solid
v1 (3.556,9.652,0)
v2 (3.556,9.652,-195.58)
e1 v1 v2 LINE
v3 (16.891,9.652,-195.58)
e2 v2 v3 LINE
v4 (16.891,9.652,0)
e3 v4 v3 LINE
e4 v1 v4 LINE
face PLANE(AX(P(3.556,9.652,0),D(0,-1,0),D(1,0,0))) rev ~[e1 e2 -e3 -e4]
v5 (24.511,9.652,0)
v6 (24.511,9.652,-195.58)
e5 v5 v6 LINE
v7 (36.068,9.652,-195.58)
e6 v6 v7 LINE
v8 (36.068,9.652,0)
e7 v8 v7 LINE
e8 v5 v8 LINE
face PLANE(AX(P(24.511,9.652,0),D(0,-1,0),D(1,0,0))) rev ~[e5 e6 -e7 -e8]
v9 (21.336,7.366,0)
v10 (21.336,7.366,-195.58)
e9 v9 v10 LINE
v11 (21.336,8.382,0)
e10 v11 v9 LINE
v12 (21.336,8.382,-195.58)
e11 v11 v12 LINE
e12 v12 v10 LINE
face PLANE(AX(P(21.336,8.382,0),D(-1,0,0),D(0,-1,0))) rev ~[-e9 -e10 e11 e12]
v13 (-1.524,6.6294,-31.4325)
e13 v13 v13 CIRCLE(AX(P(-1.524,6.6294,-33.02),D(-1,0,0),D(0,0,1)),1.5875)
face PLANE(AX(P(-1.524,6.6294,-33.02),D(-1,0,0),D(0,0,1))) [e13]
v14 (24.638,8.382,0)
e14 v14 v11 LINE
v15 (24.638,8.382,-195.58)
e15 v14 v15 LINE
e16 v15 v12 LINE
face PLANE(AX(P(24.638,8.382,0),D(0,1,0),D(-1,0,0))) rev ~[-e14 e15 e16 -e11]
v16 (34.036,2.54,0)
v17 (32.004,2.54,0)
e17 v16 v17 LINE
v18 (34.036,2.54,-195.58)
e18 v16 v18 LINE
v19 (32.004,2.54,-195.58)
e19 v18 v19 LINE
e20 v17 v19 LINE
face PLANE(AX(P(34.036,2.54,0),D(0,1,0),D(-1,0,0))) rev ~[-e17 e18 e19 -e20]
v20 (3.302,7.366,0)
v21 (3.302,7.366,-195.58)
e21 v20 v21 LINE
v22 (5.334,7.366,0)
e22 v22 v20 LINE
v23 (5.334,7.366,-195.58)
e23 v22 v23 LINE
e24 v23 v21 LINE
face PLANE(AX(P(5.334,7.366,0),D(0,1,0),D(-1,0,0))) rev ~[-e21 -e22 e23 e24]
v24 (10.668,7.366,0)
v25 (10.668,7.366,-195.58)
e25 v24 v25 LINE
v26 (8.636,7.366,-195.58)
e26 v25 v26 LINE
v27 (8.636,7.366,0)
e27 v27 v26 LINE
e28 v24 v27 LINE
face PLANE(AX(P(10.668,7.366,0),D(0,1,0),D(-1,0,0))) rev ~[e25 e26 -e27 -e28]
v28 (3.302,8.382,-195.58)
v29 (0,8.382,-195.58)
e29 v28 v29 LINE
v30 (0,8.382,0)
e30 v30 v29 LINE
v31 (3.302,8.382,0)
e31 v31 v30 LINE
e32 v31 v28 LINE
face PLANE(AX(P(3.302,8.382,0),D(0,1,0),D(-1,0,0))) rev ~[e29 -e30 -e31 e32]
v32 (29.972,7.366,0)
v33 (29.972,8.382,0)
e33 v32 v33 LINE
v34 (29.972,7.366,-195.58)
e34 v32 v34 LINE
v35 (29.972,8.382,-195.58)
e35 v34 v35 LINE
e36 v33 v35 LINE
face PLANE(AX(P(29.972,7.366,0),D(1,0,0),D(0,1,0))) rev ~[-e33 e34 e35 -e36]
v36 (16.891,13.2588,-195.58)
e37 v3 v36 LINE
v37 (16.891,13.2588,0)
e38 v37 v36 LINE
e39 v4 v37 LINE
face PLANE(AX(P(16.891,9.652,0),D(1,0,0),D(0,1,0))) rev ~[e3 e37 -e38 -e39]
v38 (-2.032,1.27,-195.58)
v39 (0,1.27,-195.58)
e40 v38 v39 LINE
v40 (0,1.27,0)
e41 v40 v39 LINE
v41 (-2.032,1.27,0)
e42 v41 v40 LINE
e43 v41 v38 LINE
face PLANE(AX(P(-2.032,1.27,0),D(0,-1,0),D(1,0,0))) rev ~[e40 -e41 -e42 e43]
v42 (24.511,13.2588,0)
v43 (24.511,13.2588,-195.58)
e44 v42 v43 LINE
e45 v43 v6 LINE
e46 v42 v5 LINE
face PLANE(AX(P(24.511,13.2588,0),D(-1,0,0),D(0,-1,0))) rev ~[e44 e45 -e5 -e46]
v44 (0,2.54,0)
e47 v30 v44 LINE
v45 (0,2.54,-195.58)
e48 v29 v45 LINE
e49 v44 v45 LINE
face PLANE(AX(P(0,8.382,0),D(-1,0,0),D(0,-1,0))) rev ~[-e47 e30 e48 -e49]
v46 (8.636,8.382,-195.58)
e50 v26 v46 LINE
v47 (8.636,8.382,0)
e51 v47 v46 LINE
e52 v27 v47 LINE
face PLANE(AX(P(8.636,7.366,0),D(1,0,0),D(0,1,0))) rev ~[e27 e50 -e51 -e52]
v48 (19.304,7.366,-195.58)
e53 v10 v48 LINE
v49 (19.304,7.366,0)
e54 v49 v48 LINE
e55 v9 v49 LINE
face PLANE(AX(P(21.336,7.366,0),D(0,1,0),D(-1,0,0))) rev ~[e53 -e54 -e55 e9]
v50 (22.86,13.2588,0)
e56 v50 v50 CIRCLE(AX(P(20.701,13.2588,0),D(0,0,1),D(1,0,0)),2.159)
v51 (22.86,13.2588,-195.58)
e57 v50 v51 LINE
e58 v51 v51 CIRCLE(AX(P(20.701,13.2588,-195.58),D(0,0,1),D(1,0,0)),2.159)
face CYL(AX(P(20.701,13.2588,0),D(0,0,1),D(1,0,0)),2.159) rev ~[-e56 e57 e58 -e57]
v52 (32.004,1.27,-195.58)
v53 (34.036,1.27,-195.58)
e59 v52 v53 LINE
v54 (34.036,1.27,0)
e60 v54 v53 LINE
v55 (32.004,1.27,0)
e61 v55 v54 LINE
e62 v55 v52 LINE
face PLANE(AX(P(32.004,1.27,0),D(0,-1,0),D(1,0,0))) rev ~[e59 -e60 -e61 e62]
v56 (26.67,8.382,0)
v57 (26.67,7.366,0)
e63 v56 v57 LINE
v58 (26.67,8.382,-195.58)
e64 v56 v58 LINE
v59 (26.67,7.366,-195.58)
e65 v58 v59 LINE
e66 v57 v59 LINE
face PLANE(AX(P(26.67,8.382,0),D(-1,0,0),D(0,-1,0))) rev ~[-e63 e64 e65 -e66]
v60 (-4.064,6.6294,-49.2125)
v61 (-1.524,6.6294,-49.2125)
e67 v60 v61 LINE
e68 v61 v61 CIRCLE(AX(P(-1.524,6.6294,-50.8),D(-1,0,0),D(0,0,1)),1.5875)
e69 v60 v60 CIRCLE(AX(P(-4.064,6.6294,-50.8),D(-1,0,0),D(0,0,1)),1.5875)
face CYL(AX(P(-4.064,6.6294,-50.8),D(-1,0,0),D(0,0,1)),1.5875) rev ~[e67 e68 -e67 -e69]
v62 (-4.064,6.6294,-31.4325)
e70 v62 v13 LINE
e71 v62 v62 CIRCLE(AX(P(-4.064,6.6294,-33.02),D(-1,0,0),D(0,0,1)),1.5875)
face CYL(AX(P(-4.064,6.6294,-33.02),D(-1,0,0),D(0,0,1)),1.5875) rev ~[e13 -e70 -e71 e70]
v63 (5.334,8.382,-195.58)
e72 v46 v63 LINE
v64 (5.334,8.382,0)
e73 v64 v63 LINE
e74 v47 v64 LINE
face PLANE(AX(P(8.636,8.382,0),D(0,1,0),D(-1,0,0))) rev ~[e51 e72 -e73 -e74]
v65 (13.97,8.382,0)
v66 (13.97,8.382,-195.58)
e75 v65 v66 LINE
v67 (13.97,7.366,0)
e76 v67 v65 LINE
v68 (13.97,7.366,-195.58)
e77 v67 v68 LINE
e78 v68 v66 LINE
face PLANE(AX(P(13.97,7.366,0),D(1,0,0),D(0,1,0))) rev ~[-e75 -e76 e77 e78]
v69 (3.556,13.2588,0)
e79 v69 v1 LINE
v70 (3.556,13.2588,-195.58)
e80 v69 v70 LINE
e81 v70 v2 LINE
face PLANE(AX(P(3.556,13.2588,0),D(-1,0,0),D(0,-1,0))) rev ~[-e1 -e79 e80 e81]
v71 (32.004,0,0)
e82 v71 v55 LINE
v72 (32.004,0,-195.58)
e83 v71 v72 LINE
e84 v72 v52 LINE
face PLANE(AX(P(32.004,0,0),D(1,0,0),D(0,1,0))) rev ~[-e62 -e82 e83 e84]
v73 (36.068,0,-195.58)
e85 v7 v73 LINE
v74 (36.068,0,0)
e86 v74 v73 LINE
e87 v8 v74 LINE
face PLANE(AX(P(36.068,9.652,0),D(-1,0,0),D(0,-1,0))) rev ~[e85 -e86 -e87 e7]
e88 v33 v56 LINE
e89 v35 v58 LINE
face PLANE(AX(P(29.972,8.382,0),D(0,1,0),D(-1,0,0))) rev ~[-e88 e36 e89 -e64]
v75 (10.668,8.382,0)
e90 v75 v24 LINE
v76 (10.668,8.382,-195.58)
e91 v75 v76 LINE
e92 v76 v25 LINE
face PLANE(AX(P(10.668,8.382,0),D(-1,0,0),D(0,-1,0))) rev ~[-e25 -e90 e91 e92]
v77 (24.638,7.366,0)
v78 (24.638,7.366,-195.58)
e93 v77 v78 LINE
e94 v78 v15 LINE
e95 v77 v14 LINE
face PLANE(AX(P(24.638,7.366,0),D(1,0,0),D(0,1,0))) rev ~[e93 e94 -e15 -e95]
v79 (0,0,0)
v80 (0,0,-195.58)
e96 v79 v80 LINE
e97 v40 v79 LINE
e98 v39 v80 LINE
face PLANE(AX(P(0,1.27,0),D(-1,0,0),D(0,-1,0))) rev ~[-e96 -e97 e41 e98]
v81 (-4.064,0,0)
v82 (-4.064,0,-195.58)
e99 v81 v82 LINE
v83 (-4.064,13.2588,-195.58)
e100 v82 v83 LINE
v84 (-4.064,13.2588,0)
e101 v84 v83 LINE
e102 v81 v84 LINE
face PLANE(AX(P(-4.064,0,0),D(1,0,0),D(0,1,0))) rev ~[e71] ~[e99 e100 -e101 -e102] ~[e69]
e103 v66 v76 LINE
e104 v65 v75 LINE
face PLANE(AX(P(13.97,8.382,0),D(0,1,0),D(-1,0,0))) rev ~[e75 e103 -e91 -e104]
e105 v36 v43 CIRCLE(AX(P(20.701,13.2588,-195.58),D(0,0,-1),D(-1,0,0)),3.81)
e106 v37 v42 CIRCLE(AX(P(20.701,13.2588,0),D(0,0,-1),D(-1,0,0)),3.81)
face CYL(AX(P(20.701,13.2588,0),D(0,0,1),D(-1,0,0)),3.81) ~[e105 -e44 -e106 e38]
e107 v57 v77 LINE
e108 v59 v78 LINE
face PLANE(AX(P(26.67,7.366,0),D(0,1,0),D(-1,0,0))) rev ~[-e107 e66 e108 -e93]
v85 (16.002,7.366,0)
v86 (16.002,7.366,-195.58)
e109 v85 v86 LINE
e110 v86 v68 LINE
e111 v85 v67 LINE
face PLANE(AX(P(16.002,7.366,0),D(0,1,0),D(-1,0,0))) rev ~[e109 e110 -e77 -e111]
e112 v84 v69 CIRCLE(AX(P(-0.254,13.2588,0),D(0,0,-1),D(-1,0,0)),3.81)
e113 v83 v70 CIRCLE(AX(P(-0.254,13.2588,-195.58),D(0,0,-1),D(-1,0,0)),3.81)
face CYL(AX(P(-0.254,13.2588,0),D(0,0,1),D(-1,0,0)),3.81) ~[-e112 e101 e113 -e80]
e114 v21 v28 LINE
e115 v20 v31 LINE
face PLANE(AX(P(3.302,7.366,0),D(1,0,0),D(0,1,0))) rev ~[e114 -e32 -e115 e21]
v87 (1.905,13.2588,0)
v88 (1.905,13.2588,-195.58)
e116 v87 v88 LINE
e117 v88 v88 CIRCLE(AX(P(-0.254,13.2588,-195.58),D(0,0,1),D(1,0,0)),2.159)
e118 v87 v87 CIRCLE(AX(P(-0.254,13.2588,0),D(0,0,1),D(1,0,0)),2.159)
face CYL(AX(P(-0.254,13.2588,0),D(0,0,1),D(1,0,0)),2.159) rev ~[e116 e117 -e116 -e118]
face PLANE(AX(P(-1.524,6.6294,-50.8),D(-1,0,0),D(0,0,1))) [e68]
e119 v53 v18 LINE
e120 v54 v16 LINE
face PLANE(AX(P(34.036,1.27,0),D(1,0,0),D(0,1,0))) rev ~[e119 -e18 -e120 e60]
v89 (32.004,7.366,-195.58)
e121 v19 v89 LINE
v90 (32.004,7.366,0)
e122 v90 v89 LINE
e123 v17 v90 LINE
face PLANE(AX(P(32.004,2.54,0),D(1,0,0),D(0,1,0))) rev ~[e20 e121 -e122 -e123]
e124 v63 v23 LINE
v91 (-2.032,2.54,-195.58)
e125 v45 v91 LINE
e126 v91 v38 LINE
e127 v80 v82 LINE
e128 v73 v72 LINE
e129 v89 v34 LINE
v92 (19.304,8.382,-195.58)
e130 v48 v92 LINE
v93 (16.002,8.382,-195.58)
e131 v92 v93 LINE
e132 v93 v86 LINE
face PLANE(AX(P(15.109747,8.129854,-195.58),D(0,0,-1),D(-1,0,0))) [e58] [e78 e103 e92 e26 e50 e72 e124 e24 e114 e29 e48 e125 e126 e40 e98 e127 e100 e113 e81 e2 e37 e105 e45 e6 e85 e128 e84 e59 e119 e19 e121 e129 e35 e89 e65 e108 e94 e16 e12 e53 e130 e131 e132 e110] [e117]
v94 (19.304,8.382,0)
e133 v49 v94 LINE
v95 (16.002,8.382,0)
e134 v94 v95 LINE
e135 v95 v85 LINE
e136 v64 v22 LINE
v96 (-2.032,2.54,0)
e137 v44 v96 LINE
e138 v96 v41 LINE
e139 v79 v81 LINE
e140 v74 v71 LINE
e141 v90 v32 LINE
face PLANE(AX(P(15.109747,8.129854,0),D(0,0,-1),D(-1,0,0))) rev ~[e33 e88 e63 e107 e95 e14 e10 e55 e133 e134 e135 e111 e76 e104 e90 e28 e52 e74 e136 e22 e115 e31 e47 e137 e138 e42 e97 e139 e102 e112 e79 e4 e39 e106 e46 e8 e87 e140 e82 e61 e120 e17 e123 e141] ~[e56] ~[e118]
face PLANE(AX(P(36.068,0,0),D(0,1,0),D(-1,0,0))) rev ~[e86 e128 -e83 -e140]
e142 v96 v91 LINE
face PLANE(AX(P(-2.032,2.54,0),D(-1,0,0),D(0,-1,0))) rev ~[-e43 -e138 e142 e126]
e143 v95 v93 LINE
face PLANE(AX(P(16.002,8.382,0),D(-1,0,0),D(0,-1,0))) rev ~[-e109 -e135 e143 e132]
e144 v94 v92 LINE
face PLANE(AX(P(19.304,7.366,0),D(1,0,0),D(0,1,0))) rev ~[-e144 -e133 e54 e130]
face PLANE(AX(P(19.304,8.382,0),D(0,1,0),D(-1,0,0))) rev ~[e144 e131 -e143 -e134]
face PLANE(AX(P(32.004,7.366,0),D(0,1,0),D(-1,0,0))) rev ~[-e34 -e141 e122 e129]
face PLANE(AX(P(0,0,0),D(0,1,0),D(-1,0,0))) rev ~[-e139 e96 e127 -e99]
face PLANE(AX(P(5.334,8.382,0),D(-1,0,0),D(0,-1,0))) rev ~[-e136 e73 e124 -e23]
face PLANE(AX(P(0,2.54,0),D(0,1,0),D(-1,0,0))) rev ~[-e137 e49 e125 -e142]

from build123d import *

# Parameters (mm, degrees)
SKETCH1_R           = 2.159
BOSS_EXTRUDE1_DEPTH = 195.58
SKETCH2_R           = 1.5875
CUT_EXTRUDE1_DEPTH  = 2.54


with BuildPart() as part:
    # Sketch1 → Boss-Extrude1 (new body)
    with BuildSketch(Plane.XY):
        with BuildLine():
            Line((0, 0), (-4.064, 0))
            Line((-4.064, 0), (-4.064, 9.652))
            Line((-4.064, 9.652), (-4.064, 13.2588))
            ThreePointArc((-4.064, 13.2588), (-0.254, 17.0688), (3.556, 13.2588))
            Line((3.556, 13.2588), (3.556, 9.652))
            Line((3.556, 9.652), (16.891, 9.652))
            Line((16.891, 9.652), (16.891, 13.2588))
            ThreePointArc((16.891, 13.2588), (20.701, 17.0688), (24.511, 13.2588))
            Line((24.511, 13.2588), (24.511, 9.652))
            Line((24.511, 9.652), (36.068, 9.652))
            Line((36.068, 9.652), (36.068, 0))
            Line((36.068, 0), (32.004, 0))
            Line((32.004, 0), (32.004, 1.27))
            Line((32.004, 1.27), (34.036, 1.27))
            Line((34.036, 1.27), (34.036, 2.54))
            Line((34.036, 2.54), (32.004, 2.54))
            Line((32.004, 2.54), (32.004, 7.366))
            Line((32.004, 7.366), (29.972, 7.366))
            Line((29.972, 7.366), (29.972, 8.382))
            Line((29.972, 8.382), (26.67, 8.382))
            Line((26.67, 8.382), (26.67, 7.366))
            Line((26.67, 7.366), (24.638, 7.366))
            Line((24.638, 7.366), (24.638, 8.382))
            Line((24.638, 8.382), (21.336, 8.382))
            Line((21.336, 8.382), (21.336, 7.366))
            Line((21.336, 7.366), (19.304, 7.366))
            Line((19.304, 7.366), (19.304, 8.382))
            Line((19.304, 8.382), (16.002, 8.382))
            Line((16.002, 8.382), (16.002, 7.366))
            Line((16.002, 7.366), (13.97, 7.366))
            Line((13.97, 7.366), (13.97, 8.382))
            Line((13.97, 8.382), (10.668, 8.382))
            Line((10.668, 8.382), (10.668, 7.366))
            Line((10.668, 7.366), (8.636, 7.366))
            Line((8.636, 7.366), (8.636, 8.382))
            Line((8.636, 8.382), (5.334, 8.382))
            Line((5.334, 8.382), (5.334, 7.366))
            Line((5.334, 7.366), (3.302, 7.366))
            Line((3.302, 7.366), (3.302, 8.382))
            Line((3.302, 8.382), (0, 8.382))
            Line((0, 8.382), (0, 2.54))
            Line((0, 2.54), (-2.032, 2.54))
            Line((-2.032, 2.54), (-2.032, 1.27))
            Line((-2.032, 1.27), (0, 1.27))
            Line((0, 1.27), (0, 0))
        make_face()
        with Locations((-0.254, 13.2588)):
            Circle(SKETCH1_R, mode=Mode.SUBTRACT)
        with Locations((20.701, 13.2588)):
            Circle(SKETCH1_R, mode=Mode.SUBTRACT)
    extrude(amount=-BOSS_EXTRUDE1_DEPTH)

    # Sketch2 → Cut-Extrude1 (cut)
    with BuildSketch(Plane.ZY.offset(4.064)):
        with Locations((-33.02, 6.6294)):
            Circle(SKETCH2_R)
        with Locations((-50.8, 6.6294)):
            Circle(SKETCH2_R)
    extrude(amount=-CUT_EXTRUDE1_DEPTH, mode=Mode.SUBTRACT)


solid = part.part
